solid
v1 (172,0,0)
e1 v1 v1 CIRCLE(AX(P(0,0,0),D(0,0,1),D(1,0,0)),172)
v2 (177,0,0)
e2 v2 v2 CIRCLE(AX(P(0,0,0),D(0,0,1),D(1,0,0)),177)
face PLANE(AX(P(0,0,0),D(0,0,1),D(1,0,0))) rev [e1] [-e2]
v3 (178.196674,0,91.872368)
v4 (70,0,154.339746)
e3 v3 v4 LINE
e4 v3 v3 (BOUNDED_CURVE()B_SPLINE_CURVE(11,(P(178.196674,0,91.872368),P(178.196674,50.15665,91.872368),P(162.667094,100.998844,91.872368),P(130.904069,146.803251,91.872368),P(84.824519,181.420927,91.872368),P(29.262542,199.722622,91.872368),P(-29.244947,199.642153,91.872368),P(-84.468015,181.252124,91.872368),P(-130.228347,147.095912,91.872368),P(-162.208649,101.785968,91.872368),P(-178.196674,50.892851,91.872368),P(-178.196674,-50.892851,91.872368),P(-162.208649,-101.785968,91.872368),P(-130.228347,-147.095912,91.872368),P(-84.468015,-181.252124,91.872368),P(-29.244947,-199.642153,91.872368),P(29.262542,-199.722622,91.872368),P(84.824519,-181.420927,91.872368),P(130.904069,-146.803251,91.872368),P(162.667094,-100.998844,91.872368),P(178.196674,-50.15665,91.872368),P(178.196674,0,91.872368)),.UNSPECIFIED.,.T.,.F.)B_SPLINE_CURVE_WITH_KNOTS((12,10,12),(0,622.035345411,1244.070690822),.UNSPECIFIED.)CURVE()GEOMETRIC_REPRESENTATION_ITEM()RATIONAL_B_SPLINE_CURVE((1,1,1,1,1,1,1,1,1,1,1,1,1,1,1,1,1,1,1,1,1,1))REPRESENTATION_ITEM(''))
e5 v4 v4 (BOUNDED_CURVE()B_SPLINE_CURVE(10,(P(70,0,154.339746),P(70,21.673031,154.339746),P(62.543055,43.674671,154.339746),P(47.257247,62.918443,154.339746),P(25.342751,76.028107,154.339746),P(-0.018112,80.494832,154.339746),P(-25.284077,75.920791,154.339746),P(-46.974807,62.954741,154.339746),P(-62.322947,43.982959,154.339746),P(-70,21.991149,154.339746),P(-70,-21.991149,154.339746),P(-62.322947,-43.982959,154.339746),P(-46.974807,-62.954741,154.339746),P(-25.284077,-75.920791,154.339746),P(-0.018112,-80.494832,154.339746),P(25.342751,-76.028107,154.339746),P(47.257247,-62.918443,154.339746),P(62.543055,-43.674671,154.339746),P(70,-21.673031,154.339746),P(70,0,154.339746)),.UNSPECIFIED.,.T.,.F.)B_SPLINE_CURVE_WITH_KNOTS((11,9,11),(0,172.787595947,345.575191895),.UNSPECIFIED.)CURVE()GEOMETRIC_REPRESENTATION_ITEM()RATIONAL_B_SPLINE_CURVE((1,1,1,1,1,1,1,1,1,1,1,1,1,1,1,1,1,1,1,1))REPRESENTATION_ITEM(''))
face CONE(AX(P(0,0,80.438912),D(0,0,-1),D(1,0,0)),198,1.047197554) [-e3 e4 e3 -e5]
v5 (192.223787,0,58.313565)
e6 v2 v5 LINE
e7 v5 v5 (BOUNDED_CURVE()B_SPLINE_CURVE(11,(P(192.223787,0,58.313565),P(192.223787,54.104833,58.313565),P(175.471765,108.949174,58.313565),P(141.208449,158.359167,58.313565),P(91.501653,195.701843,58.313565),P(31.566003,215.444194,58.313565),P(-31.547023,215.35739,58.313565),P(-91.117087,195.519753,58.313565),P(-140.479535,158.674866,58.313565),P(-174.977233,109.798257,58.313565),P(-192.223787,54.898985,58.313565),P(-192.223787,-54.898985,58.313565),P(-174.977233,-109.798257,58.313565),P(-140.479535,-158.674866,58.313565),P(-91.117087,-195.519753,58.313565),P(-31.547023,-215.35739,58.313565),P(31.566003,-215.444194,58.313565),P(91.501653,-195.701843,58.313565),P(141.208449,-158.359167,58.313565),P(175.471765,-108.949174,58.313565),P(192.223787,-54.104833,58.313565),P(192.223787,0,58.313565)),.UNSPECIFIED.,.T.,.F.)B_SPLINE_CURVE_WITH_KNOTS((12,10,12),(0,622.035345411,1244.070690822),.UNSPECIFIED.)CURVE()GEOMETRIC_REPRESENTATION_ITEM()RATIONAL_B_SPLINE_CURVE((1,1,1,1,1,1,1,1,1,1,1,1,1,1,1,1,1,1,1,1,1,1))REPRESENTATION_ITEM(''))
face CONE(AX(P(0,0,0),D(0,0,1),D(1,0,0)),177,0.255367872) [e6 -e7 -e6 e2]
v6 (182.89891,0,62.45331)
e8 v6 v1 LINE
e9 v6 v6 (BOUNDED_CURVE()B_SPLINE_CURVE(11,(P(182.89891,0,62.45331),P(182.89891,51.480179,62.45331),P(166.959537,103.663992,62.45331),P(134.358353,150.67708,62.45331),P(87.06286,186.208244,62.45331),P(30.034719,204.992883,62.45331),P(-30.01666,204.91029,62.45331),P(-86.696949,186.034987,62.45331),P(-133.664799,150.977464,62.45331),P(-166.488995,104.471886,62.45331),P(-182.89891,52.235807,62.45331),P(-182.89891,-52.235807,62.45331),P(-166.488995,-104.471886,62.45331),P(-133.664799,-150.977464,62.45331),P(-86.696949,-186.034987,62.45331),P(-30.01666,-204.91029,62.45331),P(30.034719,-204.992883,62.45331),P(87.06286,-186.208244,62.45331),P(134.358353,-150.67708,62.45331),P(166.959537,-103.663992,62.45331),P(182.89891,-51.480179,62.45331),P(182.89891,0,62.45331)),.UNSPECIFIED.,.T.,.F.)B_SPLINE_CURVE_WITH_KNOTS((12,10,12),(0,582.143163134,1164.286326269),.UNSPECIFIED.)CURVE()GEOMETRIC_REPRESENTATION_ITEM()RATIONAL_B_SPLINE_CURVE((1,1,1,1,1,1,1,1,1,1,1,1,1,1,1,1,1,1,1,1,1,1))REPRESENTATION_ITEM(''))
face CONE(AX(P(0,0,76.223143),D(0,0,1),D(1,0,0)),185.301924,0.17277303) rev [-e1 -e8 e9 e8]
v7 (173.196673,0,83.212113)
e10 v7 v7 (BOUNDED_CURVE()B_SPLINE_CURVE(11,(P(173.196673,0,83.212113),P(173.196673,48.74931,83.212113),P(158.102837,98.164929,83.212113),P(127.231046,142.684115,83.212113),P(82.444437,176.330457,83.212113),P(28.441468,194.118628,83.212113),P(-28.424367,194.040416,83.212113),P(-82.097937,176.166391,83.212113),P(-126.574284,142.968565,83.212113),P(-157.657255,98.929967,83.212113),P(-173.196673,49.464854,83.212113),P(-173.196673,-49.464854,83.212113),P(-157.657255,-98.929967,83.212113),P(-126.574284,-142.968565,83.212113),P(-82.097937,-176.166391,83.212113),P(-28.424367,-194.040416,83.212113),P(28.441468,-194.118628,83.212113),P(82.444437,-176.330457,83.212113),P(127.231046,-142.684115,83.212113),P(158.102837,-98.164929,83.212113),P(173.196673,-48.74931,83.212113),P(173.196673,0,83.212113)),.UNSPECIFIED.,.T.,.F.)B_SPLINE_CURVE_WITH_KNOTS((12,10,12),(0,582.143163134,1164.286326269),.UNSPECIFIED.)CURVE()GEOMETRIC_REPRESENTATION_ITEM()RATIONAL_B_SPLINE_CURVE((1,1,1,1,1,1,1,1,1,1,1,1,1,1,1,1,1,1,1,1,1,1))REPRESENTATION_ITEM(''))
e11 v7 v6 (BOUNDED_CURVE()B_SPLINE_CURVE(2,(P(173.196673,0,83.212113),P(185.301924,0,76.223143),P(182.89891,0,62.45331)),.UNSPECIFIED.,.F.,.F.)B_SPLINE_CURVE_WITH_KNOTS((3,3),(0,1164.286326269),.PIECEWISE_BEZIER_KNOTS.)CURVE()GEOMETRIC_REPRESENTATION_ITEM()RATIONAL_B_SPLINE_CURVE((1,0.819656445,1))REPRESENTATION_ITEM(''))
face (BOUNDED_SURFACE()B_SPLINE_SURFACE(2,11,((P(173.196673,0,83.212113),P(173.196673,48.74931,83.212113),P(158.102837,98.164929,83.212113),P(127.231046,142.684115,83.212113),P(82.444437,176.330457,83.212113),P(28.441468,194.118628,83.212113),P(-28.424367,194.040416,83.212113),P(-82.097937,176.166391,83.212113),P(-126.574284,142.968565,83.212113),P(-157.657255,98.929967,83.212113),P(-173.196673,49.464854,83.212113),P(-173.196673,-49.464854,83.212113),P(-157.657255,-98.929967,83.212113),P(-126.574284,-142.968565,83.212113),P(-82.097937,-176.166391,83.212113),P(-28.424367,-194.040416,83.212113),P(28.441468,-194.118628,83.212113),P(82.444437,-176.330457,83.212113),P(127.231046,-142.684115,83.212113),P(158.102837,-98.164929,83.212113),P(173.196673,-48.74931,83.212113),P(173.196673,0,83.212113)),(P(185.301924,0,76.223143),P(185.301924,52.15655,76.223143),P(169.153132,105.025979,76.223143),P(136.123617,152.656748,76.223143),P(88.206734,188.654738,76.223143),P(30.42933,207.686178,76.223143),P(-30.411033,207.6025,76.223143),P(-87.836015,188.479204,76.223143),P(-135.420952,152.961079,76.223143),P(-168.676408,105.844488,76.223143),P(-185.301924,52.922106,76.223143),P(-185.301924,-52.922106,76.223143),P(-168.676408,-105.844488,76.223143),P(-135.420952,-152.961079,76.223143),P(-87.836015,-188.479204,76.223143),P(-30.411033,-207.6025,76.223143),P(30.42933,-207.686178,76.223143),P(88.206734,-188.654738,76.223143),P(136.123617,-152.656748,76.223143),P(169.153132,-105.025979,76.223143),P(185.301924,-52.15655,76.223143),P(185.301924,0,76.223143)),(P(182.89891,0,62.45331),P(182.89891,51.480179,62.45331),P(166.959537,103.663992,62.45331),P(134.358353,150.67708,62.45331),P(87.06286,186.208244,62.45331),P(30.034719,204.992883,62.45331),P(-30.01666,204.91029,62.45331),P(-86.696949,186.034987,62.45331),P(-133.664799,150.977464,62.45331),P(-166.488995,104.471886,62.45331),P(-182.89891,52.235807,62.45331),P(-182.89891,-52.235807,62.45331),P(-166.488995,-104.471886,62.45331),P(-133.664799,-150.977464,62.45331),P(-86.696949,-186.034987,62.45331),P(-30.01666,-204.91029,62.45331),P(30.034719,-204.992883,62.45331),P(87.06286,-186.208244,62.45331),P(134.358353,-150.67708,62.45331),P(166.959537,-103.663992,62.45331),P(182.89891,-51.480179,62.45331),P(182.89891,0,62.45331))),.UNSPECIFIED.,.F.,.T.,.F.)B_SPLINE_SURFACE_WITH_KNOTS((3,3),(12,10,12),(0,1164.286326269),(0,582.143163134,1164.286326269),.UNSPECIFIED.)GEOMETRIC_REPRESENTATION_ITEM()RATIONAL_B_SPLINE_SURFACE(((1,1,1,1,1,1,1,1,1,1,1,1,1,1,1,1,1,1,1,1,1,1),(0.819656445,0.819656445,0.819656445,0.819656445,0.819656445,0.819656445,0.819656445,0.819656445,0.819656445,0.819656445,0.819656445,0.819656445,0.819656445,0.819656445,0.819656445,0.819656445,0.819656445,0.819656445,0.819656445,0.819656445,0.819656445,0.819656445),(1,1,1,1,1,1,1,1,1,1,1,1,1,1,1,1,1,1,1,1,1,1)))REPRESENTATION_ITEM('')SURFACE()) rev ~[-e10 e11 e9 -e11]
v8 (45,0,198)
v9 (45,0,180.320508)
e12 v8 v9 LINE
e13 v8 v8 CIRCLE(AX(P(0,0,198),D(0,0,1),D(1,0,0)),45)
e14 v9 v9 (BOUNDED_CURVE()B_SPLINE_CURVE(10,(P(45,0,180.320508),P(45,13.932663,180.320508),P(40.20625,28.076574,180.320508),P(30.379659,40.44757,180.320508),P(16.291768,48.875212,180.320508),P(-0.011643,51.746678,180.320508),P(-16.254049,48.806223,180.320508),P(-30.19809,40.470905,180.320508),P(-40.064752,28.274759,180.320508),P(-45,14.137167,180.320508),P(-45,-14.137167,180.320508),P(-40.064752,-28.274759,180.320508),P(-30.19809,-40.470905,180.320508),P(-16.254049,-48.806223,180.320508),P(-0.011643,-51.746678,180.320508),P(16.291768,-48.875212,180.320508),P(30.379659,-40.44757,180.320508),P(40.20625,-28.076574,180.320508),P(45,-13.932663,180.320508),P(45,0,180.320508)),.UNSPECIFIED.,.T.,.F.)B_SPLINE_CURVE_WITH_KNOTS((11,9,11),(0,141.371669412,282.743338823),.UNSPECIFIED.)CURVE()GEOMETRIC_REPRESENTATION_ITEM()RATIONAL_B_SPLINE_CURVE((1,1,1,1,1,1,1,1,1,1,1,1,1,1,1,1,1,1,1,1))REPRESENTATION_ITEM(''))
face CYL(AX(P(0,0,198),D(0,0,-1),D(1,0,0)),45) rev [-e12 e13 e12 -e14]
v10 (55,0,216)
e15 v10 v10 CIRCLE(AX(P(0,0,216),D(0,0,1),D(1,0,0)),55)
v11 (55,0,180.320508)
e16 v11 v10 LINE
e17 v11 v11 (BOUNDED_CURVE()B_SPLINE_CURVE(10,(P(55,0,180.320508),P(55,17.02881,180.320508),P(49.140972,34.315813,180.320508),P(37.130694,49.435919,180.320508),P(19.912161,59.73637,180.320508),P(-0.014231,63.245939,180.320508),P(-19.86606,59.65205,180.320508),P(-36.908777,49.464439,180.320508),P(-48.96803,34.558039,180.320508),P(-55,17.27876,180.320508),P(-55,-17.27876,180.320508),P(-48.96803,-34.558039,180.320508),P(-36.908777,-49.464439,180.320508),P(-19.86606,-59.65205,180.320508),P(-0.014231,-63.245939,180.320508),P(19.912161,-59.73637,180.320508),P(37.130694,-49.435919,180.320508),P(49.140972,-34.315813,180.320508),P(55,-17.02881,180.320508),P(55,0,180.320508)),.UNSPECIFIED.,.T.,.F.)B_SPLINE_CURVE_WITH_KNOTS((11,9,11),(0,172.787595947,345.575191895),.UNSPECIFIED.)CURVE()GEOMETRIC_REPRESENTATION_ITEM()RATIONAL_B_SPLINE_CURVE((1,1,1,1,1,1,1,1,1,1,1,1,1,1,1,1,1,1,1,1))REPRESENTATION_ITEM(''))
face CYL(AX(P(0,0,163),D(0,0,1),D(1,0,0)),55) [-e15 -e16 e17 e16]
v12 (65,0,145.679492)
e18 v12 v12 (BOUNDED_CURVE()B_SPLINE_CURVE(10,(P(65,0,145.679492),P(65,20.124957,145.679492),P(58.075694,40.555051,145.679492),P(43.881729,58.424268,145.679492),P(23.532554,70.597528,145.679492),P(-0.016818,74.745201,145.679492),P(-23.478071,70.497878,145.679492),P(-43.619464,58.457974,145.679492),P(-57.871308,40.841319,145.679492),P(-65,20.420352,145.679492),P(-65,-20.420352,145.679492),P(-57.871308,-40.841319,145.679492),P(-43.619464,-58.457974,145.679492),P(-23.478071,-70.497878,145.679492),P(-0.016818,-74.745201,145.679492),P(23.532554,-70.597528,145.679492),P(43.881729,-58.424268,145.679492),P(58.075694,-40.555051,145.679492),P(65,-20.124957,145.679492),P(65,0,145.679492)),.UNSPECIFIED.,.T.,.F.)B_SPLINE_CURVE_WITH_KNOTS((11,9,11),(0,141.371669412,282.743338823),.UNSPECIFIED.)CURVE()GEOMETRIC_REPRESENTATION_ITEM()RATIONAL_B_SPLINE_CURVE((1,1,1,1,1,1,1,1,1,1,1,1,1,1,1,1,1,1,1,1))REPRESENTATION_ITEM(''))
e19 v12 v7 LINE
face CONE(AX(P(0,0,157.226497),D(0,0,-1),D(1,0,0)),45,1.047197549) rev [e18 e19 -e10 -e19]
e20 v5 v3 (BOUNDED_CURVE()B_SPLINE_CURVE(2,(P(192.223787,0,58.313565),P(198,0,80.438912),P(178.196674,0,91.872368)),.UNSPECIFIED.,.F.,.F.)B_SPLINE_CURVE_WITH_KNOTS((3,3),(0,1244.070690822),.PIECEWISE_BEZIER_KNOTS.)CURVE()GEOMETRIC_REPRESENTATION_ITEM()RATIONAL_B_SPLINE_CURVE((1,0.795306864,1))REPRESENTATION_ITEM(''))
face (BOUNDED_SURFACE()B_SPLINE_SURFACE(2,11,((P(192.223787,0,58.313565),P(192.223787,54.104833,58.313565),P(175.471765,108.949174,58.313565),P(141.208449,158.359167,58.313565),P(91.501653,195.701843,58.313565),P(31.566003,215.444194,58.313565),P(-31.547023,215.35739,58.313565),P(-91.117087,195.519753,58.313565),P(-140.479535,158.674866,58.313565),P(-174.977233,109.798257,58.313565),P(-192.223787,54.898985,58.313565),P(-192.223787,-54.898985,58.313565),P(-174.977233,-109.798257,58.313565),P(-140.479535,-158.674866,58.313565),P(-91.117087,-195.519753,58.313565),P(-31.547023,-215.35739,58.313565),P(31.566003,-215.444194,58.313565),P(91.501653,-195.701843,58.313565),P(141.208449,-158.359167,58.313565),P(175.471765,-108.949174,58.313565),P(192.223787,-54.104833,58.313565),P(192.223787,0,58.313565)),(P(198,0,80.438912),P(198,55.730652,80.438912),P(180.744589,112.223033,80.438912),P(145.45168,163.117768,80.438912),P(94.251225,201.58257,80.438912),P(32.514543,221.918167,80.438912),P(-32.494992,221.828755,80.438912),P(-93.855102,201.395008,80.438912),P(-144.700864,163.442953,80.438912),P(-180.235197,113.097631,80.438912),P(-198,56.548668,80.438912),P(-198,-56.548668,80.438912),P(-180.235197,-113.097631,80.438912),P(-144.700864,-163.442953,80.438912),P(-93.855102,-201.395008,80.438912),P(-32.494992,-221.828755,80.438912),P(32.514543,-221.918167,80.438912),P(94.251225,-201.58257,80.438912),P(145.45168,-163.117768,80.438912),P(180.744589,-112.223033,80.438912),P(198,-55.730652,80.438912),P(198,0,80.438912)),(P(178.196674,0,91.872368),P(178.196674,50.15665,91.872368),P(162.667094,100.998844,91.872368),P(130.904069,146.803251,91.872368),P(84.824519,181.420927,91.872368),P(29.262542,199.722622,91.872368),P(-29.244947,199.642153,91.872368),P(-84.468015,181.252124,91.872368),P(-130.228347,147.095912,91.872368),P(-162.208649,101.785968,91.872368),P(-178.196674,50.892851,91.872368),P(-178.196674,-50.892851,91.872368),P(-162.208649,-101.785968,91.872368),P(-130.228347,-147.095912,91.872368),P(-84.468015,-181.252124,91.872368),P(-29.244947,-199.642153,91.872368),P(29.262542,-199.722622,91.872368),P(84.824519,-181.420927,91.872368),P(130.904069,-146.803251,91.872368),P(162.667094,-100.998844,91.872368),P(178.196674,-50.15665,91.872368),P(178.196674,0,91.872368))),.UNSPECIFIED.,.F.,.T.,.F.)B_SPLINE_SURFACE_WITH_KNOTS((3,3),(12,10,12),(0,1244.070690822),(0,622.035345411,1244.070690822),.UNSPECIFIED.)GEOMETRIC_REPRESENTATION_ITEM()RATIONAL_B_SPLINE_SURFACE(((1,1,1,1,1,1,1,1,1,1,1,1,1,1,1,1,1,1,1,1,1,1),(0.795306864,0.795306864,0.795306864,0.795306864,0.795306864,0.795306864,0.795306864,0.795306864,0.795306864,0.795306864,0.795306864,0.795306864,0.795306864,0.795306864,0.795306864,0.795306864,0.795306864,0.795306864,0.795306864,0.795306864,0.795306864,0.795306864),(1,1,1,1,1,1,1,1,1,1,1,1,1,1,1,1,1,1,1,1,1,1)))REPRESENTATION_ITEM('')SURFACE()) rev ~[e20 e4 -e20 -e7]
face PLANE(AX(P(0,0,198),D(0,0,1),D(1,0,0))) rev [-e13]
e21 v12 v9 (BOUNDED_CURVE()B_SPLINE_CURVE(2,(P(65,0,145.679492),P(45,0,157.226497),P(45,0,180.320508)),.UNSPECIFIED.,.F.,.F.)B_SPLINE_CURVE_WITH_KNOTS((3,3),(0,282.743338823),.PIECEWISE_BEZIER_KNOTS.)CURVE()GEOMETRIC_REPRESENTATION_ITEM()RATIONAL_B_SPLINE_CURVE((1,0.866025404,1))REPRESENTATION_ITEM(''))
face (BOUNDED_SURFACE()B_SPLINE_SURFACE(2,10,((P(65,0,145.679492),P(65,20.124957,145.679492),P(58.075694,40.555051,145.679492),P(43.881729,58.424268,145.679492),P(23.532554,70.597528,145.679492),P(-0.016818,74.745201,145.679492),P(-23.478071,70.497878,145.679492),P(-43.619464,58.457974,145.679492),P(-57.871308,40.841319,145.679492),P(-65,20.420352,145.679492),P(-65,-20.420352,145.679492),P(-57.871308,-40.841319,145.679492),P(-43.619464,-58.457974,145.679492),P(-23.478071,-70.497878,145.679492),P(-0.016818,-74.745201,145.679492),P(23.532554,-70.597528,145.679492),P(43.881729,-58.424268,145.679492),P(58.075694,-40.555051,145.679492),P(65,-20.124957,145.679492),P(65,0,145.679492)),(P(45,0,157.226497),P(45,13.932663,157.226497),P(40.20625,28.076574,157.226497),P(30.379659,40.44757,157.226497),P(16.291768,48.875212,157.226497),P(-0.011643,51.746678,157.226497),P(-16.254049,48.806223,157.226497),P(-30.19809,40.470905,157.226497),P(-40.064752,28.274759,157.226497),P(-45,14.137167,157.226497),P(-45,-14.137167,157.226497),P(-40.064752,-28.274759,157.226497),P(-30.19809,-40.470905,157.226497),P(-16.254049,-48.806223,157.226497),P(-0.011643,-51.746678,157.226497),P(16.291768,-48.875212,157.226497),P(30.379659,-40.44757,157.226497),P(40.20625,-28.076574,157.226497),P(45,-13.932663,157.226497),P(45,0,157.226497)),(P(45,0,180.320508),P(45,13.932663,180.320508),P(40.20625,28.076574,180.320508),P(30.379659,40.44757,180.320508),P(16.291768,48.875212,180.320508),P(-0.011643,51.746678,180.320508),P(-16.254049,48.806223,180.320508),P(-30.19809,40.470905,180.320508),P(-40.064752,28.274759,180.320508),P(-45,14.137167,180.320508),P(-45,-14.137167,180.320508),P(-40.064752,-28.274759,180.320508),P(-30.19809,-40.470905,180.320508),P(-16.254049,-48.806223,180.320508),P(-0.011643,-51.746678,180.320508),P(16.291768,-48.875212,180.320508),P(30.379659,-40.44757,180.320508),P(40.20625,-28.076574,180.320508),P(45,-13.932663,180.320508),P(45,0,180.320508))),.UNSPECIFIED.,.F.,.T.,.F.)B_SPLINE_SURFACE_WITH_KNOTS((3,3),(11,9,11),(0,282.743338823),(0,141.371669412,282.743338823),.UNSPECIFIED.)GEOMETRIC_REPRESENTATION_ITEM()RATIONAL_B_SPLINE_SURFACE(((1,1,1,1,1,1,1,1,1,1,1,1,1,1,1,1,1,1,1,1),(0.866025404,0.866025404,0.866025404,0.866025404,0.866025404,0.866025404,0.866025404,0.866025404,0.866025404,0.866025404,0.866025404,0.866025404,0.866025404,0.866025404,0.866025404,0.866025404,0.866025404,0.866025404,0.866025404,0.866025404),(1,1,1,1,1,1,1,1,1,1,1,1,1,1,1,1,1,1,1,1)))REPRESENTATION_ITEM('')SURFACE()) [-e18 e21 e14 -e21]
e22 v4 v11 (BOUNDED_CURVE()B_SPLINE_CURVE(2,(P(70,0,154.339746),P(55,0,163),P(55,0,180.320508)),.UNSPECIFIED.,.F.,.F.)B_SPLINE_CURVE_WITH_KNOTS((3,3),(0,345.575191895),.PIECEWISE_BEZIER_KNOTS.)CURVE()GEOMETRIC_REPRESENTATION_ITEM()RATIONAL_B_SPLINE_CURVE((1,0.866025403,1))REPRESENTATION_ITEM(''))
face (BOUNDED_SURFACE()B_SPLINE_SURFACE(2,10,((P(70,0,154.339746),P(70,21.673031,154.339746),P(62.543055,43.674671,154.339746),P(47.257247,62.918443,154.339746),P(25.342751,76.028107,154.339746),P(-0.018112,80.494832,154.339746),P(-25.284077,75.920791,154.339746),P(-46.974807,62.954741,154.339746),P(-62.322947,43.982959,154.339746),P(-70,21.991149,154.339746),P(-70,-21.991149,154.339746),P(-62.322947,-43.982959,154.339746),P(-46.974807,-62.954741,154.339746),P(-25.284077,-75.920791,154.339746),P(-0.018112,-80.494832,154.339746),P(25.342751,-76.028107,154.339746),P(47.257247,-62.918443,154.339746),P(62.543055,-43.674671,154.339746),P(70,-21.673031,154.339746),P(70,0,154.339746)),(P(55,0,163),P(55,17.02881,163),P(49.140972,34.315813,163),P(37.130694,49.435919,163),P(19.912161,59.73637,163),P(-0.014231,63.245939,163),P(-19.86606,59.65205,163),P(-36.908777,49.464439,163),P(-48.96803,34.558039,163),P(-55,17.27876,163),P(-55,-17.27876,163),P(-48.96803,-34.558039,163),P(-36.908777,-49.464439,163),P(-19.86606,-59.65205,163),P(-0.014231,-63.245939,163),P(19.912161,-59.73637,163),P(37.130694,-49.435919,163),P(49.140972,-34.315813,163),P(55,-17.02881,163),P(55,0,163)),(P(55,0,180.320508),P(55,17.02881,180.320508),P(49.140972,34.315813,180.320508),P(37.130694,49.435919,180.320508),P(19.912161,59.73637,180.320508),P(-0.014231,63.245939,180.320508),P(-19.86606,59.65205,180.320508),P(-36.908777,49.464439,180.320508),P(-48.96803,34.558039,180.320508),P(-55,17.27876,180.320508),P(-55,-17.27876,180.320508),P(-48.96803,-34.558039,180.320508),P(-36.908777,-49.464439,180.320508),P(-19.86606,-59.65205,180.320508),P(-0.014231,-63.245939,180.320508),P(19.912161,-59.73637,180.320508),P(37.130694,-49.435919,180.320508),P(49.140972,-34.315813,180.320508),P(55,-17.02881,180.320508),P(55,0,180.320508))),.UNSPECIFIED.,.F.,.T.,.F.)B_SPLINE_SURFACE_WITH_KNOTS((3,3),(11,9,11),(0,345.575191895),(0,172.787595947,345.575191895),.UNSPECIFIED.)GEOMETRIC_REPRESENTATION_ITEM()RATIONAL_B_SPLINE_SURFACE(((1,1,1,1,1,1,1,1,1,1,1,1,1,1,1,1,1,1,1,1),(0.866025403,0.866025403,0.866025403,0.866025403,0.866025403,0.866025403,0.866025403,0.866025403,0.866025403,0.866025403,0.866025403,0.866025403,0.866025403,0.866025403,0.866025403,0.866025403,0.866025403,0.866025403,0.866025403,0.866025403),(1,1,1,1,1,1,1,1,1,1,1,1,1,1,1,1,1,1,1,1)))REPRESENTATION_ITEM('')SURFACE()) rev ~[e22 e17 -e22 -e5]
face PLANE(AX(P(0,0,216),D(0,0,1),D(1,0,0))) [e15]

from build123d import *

# Parameters (mm, degrees)
F2_R = 20
F3_R = 30
F4_R = 40


with BuildPart() as f1:
    # F0 (on Front) → F1 (revolve)
    with BuildSketch(Plane.XZ):
        Polygon((0, 216), (0, 198), (45, 198), (45, 157.226497), (185.301924, 76.223143), (172, 0), (177, 0), (198, 80.438912), (55, 163), (55, 216), align=None)
    revolve(axis=Axis((0, 0, 99), (0, 0, 1)))

    # F2
    f2_edges = [f1.edges().sort_by_distance(p)[0] for p in [
        (-185.301924, 0, 76.223143),
    ]]
    fillet(f2_edges, radius=F2_R)

    # F3
    f3_edges = [f1.edges().sort_by_distance(p)[0] for p in [
        (-198, 0, 80.438912),
        (-55, 0, 163),
    ]]
    fillet(f3_edges, radius=F3_R)

    # F4
    f4_edges = [f1.edges().sort_by_distance(p)[0] for p in [
        (-45, 0, 157.226497),
    ]]
    fillet(f4_edges, radius=F4_R)


solid = f1.part
